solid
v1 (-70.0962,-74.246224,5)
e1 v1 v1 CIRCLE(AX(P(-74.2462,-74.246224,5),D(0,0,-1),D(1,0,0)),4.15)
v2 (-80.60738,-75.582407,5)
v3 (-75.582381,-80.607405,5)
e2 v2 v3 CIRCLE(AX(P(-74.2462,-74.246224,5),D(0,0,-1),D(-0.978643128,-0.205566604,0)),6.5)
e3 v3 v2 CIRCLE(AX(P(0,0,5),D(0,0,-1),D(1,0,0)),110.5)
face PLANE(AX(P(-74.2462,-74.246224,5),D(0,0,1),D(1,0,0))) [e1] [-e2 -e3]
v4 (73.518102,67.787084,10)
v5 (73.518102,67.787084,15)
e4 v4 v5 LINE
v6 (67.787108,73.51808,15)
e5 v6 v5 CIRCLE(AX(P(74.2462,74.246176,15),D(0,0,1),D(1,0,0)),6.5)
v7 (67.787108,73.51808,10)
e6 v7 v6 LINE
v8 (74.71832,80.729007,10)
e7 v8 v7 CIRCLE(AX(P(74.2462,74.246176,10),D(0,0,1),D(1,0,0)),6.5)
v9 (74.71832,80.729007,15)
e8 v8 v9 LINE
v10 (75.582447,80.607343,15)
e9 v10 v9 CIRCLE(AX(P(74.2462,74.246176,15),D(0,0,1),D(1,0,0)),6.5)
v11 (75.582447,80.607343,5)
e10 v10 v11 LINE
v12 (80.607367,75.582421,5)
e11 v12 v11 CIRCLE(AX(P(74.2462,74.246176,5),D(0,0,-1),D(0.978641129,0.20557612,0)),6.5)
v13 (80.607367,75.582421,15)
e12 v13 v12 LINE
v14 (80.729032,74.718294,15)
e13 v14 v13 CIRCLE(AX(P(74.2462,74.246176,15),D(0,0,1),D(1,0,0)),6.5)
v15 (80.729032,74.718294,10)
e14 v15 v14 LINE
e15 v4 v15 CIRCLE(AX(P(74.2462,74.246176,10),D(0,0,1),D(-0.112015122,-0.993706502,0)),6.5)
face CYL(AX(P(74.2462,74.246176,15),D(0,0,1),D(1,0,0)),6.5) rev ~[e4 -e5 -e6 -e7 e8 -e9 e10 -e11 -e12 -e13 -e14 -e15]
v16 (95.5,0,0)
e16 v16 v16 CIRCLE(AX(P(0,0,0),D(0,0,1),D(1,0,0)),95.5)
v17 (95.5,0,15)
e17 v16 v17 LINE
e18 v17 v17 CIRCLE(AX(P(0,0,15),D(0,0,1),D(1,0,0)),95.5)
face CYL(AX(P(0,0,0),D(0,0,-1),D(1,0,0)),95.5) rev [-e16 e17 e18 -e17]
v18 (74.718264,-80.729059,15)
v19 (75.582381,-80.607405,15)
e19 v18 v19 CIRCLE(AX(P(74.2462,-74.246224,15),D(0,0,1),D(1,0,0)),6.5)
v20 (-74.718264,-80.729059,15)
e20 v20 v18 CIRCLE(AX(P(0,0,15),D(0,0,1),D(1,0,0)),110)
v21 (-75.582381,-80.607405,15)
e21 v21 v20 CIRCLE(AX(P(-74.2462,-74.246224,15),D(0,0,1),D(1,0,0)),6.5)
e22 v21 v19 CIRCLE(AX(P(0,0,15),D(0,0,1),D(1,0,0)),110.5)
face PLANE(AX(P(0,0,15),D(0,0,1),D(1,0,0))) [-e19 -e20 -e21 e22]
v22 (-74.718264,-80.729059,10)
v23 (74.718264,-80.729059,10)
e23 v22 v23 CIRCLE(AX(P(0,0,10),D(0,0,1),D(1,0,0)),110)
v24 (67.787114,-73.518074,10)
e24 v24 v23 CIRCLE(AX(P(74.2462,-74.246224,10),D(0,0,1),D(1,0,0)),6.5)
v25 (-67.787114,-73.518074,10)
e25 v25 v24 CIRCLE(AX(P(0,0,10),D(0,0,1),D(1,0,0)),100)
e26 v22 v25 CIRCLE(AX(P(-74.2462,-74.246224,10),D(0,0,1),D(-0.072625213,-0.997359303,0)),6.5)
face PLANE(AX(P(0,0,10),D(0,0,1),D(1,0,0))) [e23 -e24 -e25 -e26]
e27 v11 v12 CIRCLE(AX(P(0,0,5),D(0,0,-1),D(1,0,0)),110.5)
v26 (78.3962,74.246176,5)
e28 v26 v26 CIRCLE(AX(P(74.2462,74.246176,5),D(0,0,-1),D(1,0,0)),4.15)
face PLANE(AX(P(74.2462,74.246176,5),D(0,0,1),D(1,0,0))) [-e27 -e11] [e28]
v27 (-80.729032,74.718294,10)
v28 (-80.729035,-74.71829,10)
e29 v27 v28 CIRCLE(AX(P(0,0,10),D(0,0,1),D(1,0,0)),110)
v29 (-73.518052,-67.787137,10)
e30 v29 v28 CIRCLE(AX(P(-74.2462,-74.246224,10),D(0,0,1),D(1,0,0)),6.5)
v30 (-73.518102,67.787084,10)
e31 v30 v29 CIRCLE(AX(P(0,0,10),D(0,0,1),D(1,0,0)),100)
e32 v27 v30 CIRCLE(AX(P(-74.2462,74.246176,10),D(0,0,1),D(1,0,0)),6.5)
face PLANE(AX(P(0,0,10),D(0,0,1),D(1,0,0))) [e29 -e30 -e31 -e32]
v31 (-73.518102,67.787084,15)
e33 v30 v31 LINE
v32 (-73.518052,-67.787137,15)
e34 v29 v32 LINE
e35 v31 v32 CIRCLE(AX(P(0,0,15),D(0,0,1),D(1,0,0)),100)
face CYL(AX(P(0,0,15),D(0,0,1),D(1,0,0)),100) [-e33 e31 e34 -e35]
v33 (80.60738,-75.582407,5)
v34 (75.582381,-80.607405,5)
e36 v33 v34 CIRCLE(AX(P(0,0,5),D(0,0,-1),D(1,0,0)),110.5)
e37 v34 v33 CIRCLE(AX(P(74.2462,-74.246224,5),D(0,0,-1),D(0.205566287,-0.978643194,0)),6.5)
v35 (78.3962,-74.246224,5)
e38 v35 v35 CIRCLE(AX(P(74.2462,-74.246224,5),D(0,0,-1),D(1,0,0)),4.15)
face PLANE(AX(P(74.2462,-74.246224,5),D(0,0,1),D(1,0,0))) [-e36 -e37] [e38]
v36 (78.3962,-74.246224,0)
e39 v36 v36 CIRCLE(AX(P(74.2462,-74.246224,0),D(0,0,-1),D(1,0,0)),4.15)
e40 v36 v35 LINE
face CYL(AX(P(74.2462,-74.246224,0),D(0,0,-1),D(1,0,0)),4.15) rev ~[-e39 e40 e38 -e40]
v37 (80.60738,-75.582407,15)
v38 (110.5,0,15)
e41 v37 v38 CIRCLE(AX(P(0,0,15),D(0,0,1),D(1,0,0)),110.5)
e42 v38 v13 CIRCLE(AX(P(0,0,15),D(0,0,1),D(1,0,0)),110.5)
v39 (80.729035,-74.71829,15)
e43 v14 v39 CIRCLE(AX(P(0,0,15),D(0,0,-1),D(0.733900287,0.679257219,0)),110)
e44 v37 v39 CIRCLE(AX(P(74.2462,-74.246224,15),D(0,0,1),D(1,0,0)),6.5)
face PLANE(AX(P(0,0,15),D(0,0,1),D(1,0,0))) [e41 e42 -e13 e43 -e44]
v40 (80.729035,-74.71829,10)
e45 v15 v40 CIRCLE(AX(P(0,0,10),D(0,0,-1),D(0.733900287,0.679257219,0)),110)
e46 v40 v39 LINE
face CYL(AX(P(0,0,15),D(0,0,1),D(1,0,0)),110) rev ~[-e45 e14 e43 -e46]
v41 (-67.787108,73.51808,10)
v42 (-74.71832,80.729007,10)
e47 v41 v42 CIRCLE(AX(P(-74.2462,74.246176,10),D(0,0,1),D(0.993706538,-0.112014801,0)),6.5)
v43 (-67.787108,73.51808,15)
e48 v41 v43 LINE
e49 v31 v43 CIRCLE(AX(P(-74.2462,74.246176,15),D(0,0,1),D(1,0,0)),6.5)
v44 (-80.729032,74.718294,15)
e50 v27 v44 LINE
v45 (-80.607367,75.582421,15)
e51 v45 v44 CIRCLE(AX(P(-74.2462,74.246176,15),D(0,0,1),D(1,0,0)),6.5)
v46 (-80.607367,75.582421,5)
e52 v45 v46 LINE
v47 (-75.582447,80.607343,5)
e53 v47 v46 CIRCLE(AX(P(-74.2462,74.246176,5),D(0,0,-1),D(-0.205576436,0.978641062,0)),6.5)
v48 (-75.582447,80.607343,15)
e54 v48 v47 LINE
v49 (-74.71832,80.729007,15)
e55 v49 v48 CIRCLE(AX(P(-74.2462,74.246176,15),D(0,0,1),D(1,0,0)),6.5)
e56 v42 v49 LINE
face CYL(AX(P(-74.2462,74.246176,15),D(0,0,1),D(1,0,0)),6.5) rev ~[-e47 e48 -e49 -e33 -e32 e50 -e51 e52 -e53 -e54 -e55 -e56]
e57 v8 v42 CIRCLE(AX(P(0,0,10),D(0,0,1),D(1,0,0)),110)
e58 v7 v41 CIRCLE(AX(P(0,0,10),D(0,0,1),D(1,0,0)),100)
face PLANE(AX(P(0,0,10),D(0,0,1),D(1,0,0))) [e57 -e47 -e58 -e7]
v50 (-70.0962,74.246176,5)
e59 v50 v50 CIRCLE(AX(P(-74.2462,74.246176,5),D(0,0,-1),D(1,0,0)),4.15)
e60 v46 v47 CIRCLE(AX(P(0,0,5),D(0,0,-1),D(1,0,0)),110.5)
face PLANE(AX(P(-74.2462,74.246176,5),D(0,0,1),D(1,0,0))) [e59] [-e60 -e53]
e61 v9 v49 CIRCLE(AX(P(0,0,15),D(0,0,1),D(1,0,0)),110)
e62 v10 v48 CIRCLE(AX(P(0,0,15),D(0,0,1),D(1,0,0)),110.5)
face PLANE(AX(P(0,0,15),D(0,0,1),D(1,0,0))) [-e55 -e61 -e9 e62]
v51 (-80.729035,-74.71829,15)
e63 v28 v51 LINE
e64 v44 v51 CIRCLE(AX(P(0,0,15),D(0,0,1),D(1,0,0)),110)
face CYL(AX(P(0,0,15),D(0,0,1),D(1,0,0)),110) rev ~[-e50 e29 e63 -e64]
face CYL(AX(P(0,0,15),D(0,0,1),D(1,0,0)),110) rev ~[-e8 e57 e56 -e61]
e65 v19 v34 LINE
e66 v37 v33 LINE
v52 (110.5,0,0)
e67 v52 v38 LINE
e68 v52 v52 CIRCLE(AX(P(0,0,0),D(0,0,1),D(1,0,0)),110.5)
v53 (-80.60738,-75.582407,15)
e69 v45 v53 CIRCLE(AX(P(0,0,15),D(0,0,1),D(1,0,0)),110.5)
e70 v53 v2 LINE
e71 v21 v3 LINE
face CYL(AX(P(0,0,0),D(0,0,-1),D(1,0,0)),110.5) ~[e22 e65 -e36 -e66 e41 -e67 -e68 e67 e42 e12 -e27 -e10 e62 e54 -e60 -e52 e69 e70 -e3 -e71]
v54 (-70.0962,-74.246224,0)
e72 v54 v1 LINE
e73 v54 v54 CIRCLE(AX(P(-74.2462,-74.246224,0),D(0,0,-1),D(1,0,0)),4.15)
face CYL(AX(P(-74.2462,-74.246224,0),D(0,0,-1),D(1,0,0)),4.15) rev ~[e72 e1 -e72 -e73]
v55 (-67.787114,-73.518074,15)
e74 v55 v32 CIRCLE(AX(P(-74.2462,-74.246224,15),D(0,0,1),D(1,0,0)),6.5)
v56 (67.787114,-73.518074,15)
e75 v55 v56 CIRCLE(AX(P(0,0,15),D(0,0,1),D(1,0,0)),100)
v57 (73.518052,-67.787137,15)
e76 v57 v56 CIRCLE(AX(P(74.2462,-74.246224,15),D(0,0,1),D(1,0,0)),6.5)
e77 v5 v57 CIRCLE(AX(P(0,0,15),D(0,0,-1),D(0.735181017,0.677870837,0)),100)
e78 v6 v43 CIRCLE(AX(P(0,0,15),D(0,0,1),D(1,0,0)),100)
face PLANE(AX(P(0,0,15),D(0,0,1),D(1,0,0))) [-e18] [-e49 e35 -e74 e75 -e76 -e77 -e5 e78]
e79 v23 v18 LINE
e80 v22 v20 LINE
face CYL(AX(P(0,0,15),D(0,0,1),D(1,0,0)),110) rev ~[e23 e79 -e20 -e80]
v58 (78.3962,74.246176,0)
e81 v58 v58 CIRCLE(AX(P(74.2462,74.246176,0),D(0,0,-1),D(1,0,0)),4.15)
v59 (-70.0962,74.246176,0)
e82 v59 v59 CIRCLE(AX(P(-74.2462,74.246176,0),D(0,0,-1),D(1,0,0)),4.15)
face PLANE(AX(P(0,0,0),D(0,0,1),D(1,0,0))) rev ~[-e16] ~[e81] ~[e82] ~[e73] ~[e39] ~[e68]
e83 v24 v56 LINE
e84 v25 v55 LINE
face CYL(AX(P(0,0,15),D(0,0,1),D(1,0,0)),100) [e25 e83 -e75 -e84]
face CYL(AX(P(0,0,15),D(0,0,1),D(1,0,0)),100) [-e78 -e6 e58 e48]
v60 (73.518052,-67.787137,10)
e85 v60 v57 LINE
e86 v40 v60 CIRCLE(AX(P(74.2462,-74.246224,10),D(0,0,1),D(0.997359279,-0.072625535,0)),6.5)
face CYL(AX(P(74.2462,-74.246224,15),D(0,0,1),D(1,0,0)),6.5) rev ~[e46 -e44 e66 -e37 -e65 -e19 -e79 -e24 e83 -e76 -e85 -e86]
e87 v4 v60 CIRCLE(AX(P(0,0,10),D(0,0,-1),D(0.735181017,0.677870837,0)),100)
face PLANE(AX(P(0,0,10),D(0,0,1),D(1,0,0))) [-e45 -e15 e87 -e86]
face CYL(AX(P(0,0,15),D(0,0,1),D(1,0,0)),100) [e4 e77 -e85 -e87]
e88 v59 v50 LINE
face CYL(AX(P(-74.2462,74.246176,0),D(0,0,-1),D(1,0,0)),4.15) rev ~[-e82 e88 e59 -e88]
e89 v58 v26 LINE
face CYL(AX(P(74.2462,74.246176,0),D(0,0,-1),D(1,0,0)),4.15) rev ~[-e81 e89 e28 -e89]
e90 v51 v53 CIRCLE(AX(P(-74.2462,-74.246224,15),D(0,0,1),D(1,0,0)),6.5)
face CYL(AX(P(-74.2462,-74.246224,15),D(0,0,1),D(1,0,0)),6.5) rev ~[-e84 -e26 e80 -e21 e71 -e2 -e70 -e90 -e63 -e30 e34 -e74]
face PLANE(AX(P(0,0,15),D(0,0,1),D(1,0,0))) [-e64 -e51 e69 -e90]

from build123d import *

# Parameters (mm, degrees)
F0_R     = 110.5
F0_R_2   = 95.5
F1_DEPTH = 15
F2_R     = 110
F2_R_2   = 100
F3_DEPTH = 5
F4_R     = 4.15
F5_DEPTH = 25
F6_R     = 6.5
F7_DEPTH = 10


with BuildPart() as f1:
    # F0 (on Top) → F1 (new body)
    with BuildSketch(Plane.XY):
        Circle(F0_R)
        Circle(F0_R_2, mode=Mode.SUBTRACT)
    extrude(amount=F1_DEPTH)

    # F2 (on face) → F3 (cut)
    with BuildSketch(Plane.XY.offset(15)):
        Circle(F2_R)
        Circle(F2_R_2, mode=Mode.SUBTRACT)
    extrude(amount=-F3_DEPTH, mode=Mode.SUBTRACT)

    # F4 (on face) → F5 (cut)
    with BuildSketch(Plane(origin=(0, 0, 0), x_dir=(1, 0, 0), z_dir=(0, 0, -1))):
        with Locations((-74.2462, 74.246224)):
            Circle(F4_R)
        with Locations((-74.2462, -74.246176)):
            Circle(F4_R)
        with Locations((74.2462, 74.246224)):
            Circle(F4_R)
        with Locations((74.2462, -74.246176)):
            Circle(F4_R)
    extrude(amount=-F5_DEPTH, mode=Mode.SUBTRACT)

    # F6 (on face) → F7 (cut)
    with BuildSketch(Plane.XY.offset(15)):
        with Locations((-74.2462, 74.246176)):
            Circle(F6_R)
        with Locations((74.2462, 74.246176)):
            Circle(F6_R)
        with Locations((74.2462, -74.246224)):
            Circle(F6_R)
        with Locations((-74.2462, -74.246224)):
            Circle(F6_R)
    extrude(amount=-F7_DEPTH, mode=Mode.SUBTRACT)


solid = f1.part
